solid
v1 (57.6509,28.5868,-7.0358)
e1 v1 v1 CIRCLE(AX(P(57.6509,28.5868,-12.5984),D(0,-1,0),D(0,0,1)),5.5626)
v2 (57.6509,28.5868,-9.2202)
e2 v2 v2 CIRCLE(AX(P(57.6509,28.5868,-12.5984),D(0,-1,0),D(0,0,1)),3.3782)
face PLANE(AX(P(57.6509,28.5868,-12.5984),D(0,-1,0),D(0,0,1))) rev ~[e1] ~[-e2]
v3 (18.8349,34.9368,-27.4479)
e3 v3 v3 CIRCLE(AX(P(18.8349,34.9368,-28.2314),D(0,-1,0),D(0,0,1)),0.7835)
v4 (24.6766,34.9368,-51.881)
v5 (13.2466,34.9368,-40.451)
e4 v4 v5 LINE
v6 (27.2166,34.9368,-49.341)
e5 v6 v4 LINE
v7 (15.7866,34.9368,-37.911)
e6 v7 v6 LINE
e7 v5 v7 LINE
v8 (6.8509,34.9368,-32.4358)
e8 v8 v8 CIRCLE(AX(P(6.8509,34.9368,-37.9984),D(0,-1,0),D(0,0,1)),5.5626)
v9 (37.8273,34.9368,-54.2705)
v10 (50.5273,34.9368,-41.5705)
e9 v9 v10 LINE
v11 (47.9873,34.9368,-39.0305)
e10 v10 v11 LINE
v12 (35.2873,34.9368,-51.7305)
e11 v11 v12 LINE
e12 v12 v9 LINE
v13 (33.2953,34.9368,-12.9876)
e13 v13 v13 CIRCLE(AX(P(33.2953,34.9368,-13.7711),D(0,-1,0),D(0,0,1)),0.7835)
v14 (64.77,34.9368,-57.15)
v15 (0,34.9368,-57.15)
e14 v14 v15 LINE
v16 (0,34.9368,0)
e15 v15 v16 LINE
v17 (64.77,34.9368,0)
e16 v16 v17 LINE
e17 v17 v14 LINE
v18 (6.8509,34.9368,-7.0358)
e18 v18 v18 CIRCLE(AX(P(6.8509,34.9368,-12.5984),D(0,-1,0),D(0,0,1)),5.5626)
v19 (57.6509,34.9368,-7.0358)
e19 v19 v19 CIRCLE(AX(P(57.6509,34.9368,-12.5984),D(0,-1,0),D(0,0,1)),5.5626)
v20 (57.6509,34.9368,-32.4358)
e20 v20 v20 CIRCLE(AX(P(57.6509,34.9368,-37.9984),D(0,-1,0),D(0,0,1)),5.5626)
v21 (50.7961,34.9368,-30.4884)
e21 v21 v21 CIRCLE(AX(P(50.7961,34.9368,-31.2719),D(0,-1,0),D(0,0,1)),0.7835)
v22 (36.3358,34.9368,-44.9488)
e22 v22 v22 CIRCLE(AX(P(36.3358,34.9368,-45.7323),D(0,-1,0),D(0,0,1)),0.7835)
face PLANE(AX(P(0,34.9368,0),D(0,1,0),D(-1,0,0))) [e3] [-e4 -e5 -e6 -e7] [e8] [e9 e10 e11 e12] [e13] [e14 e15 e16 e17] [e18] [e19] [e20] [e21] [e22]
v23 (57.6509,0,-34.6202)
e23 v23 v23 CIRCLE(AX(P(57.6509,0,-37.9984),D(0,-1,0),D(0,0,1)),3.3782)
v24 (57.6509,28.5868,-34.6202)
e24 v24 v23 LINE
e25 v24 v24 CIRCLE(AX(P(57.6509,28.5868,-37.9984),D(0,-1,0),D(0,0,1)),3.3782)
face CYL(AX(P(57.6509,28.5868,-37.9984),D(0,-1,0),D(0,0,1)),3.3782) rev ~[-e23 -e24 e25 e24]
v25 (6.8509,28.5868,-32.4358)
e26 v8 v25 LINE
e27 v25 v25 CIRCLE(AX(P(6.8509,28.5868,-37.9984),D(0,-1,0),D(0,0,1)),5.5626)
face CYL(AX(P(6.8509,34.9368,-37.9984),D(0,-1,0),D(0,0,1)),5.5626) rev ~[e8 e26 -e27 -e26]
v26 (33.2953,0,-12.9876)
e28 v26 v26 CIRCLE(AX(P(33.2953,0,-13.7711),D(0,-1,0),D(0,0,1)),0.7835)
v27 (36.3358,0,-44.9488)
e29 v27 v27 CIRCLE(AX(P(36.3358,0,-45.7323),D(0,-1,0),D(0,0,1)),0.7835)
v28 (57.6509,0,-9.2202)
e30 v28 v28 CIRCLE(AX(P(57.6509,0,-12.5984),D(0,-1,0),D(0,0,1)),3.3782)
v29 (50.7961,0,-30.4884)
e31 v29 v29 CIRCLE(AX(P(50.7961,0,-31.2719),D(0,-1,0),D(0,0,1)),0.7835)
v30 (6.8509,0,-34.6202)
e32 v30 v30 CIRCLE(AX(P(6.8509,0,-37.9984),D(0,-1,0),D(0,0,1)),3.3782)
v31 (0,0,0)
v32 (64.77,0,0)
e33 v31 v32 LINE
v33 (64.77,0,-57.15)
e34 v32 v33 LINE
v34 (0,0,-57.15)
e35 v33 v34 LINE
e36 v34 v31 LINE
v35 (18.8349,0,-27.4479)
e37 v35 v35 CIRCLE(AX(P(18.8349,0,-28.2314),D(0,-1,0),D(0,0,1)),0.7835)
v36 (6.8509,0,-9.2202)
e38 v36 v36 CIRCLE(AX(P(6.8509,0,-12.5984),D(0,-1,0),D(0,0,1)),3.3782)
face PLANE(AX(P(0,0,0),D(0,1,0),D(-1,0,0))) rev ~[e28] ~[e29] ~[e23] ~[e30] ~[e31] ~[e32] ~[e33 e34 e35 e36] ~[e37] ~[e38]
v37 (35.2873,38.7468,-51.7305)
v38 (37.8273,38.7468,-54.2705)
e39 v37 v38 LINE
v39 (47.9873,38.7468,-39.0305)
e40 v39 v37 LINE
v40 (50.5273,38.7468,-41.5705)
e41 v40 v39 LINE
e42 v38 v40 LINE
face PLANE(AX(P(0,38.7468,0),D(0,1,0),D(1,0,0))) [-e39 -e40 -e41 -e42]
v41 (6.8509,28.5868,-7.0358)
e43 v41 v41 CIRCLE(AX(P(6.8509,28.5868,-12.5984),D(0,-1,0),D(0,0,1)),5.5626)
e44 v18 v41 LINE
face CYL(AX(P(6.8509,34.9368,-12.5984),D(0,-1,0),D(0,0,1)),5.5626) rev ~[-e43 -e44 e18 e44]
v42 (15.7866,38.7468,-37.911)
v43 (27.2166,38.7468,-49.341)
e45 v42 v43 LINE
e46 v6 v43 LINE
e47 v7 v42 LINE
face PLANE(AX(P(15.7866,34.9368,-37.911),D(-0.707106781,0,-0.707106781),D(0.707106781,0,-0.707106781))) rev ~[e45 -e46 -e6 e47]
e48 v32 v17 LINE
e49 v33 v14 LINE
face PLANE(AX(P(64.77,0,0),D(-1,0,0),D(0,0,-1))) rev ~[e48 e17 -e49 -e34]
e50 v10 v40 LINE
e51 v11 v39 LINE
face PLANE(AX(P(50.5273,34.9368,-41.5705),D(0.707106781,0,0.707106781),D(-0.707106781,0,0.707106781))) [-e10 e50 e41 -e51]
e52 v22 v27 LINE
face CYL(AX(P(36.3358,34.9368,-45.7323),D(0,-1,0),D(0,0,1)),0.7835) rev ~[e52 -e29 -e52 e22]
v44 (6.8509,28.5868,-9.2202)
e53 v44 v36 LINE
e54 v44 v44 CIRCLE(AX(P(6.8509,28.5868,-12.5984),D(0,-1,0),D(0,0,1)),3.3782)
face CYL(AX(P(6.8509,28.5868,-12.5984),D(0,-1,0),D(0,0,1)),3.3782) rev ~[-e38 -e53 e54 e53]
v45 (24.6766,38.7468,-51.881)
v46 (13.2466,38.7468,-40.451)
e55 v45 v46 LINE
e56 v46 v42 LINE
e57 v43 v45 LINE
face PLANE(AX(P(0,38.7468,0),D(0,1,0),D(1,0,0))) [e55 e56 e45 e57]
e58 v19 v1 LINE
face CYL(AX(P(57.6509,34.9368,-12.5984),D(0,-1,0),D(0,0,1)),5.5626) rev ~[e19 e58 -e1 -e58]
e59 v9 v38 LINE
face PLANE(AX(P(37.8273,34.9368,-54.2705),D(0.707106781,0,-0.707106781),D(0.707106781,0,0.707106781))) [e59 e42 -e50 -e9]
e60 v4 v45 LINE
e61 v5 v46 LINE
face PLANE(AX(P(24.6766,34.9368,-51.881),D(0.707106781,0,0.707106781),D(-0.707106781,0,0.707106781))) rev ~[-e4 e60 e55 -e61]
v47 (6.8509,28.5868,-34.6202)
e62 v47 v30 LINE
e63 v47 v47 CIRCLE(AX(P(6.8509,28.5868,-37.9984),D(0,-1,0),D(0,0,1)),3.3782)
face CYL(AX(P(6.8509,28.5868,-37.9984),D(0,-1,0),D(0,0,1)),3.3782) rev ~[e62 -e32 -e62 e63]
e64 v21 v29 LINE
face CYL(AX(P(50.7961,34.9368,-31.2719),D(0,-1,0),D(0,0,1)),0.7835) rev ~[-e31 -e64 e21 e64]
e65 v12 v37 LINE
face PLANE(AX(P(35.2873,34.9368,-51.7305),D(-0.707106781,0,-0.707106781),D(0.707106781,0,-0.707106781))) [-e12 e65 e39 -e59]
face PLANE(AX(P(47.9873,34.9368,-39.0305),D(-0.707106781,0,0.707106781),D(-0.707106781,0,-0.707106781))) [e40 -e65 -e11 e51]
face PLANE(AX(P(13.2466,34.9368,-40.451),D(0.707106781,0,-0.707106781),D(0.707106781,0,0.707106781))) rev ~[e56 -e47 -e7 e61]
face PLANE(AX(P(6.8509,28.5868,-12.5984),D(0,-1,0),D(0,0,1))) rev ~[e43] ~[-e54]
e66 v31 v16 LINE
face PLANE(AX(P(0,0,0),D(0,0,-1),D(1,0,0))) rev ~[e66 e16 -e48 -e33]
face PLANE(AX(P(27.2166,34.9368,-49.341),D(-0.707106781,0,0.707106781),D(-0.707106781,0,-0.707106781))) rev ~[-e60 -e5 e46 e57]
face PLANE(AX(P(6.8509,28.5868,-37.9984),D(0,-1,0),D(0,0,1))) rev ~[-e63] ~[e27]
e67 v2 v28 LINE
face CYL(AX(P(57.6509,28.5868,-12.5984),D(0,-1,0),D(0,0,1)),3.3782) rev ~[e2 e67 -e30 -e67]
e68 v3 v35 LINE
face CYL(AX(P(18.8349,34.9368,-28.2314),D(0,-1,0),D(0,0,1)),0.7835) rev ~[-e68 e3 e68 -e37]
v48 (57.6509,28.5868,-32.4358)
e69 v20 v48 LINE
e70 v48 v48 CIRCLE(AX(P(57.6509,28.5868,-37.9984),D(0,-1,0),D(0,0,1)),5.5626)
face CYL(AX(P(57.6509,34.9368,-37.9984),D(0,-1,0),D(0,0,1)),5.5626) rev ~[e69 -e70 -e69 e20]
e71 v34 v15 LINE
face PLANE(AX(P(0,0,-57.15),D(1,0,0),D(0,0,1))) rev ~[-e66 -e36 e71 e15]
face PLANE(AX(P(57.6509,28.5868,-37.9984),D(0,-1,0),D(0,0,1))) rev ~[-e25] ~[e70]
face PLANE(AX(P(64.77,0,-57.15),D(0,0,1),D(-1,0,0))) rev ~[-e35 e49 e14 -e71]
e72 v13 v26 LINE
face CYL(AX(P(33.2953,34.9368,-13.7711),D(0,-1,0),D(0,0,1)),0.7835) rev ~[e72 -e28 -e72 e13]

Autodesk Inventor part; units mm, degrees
ref_plane "YZ Plane" through (0, 0, 0) normal (1, 0, 0) x (0, 1, 0)
ref_plane "XZ Plane" through (0, 0, 0) normal (0, 1, 0) x (-1, 0, 0)
ref_plane "XY Plane" through (0, 0, 0) normal (0, 0, 1) x (1, 0, 0)
sketch "Sketch1" plane through (0, 0, 0) normal (0, 1, 0) x (-1, 0, 0)
  line L0 (0, 0) -> (-64.77, 0)
  line L1 (-64.77, 0) -> (-64.77, -57.15)
  line L2 (-64.77, -57.15) -> (0, -57.15)
  line L3 (0, -57.15) -> (0, 0)
  dimension "d0" = 64.77
  dimension "d1" = 57.15
extrude "Extrusion1" add sketch "Sketch1" along normal blind 34.9368
sketch "Sketch2" plane through (0, 34.9368, 0) normal (0, 1, 0) x (1, 0, 0)
  circle A0 centre (33.2953, 13.7711) radius 1.27
  line L0 (0, 0) -> (64.77, 0) projected
  line L1 (0, 57.15) -> (0, 0) projected
  circle A1 centre (18.8349, 28.2314) radius 1.27
  circle A2 centre (36.3358, 45.7323) radius 1.27
  line L2 (64.77, 57.15) -> (0, 57.15) projected
  circle A3 centre (50.7961, 31.2719) radius 1.27
  dimension "d4" = 13.7711
  dimension "d5" = 33.2953
  dimension "d6" = 2.54
  dimension "d7" = 2.54
  dimension "d8" = 28.2314
  dimension "d9" = 18.8349
  dimension "d10" = 2.54
  dimension "d11" = 11.4177
  dimension "d12" = 36.3358
  dimension "d13" = 2.54
  dimension "d14" = 25.8781
  dimension "d15" = 50.7961
hole "Hole1" at (50.7961, 34.9368, -31.2719) at (36.3358, 34.9368, -45.7323) at (18.8349, 34.9368, -28.2314) at (33.2953, 34.9368, -13.7711) direction (0, -1, 0) diameter 1.567 end through all thread size "M2x0.4" class "6H" standard "ANSI Metric M Profile"
sketch "Sketch3" plane through (0, 34.9368, 0) normal (0, 1, 0) x (1, 0, 0)
  circle A0 centre (6.8509, 12.5984) radius 1.27
  line L0 (0, 0) -> (64.77, 0) projected
  line L1 (0, 57.15) -> (0, 0) projected
  circle A1 centre (6.8509, 37.9984) radius 1.27
  circle A2 centre (57.6509, 37.9984) radius 1.27
  circle A3 centre (57.6509, 12.5984) radius 1.27
  dimension "d23" = 2.54
  dimension "d24" = 12.5984
  dimension "d25" = 6.8509
  dimension "d26" = 2.54
  dimension "d27" = 25.4
  dimension "d28" = 2.54
  dimension "d29" = 50.8
  dimension "d30" = 2.54
  dimension "d31" = 50.8
hole "Hole2" at (57.6509, 34.9368, -37.9984) at (57.6509, 34.9368, -12.5984) at (6.8509, 34.9368, -12.5984) at (6.8509, 34.9368, -37.9984) direction (0, -1, 0) diameter 6.7564 end through all counterbore diameter 11.1252 counterbore depth 6.35 clearance for "Socket Head Cap Screw" size "1/4" standard "Ansi Unified Screw Threads"
sketch "Sketch4" plane through (0, 34.9368, 0) normal (0, 1, 0) x (1, 0, 0)
  line L0 (15.7866, 37.911) -> (27.2166, 49.341)
  line L1 (27.2166, 49.341) -> (24.6766, 51.881)
  line L2 (24.6766, 51.881) -> (13.2466, 40.451)
  line L3 (13.2466, 40.451) -> (15.7866, 37.911)
  line L4 (0, 57.15) -> (0, 0) projected
  dimension "d39" = 45
  dimension "d40" = 24.7669
  dimension "d41" = 2.54
  dimension "d42" = 11.43
extrude "Extrusion2" add sketch "Sketch4" along normal blind 3.81
sketch "Sketch5" plane through (0, 34.9368, 0) normal (0, 1, 0) x (1, 0, 0)
  line L0 (47.9873, 39.0305) -> (35.2873, 51.7305)
  line L1 (35.2873, 51.7305) -> (37.8273, 54.2705)
  line L2 (37.8273, 54.2705) -> (50.5273, 41.5705)
  line L3 (50.5273, 41.5705) -> (47.9873, 39.0305)
  line L4 (64.77, 0) -> (64.77, 57.15) projected
  point P0 (0, 0)
  dimension "d45" = 2.54
  dimension "d46" = 12.7
  dimension "d47" = 45
  dimension "d48" = 24.6795
extrude "Extrusion3" add sketch "Sketch5" along normal blind 3.81
properties part number "ResGalvoMount_base_plate"
